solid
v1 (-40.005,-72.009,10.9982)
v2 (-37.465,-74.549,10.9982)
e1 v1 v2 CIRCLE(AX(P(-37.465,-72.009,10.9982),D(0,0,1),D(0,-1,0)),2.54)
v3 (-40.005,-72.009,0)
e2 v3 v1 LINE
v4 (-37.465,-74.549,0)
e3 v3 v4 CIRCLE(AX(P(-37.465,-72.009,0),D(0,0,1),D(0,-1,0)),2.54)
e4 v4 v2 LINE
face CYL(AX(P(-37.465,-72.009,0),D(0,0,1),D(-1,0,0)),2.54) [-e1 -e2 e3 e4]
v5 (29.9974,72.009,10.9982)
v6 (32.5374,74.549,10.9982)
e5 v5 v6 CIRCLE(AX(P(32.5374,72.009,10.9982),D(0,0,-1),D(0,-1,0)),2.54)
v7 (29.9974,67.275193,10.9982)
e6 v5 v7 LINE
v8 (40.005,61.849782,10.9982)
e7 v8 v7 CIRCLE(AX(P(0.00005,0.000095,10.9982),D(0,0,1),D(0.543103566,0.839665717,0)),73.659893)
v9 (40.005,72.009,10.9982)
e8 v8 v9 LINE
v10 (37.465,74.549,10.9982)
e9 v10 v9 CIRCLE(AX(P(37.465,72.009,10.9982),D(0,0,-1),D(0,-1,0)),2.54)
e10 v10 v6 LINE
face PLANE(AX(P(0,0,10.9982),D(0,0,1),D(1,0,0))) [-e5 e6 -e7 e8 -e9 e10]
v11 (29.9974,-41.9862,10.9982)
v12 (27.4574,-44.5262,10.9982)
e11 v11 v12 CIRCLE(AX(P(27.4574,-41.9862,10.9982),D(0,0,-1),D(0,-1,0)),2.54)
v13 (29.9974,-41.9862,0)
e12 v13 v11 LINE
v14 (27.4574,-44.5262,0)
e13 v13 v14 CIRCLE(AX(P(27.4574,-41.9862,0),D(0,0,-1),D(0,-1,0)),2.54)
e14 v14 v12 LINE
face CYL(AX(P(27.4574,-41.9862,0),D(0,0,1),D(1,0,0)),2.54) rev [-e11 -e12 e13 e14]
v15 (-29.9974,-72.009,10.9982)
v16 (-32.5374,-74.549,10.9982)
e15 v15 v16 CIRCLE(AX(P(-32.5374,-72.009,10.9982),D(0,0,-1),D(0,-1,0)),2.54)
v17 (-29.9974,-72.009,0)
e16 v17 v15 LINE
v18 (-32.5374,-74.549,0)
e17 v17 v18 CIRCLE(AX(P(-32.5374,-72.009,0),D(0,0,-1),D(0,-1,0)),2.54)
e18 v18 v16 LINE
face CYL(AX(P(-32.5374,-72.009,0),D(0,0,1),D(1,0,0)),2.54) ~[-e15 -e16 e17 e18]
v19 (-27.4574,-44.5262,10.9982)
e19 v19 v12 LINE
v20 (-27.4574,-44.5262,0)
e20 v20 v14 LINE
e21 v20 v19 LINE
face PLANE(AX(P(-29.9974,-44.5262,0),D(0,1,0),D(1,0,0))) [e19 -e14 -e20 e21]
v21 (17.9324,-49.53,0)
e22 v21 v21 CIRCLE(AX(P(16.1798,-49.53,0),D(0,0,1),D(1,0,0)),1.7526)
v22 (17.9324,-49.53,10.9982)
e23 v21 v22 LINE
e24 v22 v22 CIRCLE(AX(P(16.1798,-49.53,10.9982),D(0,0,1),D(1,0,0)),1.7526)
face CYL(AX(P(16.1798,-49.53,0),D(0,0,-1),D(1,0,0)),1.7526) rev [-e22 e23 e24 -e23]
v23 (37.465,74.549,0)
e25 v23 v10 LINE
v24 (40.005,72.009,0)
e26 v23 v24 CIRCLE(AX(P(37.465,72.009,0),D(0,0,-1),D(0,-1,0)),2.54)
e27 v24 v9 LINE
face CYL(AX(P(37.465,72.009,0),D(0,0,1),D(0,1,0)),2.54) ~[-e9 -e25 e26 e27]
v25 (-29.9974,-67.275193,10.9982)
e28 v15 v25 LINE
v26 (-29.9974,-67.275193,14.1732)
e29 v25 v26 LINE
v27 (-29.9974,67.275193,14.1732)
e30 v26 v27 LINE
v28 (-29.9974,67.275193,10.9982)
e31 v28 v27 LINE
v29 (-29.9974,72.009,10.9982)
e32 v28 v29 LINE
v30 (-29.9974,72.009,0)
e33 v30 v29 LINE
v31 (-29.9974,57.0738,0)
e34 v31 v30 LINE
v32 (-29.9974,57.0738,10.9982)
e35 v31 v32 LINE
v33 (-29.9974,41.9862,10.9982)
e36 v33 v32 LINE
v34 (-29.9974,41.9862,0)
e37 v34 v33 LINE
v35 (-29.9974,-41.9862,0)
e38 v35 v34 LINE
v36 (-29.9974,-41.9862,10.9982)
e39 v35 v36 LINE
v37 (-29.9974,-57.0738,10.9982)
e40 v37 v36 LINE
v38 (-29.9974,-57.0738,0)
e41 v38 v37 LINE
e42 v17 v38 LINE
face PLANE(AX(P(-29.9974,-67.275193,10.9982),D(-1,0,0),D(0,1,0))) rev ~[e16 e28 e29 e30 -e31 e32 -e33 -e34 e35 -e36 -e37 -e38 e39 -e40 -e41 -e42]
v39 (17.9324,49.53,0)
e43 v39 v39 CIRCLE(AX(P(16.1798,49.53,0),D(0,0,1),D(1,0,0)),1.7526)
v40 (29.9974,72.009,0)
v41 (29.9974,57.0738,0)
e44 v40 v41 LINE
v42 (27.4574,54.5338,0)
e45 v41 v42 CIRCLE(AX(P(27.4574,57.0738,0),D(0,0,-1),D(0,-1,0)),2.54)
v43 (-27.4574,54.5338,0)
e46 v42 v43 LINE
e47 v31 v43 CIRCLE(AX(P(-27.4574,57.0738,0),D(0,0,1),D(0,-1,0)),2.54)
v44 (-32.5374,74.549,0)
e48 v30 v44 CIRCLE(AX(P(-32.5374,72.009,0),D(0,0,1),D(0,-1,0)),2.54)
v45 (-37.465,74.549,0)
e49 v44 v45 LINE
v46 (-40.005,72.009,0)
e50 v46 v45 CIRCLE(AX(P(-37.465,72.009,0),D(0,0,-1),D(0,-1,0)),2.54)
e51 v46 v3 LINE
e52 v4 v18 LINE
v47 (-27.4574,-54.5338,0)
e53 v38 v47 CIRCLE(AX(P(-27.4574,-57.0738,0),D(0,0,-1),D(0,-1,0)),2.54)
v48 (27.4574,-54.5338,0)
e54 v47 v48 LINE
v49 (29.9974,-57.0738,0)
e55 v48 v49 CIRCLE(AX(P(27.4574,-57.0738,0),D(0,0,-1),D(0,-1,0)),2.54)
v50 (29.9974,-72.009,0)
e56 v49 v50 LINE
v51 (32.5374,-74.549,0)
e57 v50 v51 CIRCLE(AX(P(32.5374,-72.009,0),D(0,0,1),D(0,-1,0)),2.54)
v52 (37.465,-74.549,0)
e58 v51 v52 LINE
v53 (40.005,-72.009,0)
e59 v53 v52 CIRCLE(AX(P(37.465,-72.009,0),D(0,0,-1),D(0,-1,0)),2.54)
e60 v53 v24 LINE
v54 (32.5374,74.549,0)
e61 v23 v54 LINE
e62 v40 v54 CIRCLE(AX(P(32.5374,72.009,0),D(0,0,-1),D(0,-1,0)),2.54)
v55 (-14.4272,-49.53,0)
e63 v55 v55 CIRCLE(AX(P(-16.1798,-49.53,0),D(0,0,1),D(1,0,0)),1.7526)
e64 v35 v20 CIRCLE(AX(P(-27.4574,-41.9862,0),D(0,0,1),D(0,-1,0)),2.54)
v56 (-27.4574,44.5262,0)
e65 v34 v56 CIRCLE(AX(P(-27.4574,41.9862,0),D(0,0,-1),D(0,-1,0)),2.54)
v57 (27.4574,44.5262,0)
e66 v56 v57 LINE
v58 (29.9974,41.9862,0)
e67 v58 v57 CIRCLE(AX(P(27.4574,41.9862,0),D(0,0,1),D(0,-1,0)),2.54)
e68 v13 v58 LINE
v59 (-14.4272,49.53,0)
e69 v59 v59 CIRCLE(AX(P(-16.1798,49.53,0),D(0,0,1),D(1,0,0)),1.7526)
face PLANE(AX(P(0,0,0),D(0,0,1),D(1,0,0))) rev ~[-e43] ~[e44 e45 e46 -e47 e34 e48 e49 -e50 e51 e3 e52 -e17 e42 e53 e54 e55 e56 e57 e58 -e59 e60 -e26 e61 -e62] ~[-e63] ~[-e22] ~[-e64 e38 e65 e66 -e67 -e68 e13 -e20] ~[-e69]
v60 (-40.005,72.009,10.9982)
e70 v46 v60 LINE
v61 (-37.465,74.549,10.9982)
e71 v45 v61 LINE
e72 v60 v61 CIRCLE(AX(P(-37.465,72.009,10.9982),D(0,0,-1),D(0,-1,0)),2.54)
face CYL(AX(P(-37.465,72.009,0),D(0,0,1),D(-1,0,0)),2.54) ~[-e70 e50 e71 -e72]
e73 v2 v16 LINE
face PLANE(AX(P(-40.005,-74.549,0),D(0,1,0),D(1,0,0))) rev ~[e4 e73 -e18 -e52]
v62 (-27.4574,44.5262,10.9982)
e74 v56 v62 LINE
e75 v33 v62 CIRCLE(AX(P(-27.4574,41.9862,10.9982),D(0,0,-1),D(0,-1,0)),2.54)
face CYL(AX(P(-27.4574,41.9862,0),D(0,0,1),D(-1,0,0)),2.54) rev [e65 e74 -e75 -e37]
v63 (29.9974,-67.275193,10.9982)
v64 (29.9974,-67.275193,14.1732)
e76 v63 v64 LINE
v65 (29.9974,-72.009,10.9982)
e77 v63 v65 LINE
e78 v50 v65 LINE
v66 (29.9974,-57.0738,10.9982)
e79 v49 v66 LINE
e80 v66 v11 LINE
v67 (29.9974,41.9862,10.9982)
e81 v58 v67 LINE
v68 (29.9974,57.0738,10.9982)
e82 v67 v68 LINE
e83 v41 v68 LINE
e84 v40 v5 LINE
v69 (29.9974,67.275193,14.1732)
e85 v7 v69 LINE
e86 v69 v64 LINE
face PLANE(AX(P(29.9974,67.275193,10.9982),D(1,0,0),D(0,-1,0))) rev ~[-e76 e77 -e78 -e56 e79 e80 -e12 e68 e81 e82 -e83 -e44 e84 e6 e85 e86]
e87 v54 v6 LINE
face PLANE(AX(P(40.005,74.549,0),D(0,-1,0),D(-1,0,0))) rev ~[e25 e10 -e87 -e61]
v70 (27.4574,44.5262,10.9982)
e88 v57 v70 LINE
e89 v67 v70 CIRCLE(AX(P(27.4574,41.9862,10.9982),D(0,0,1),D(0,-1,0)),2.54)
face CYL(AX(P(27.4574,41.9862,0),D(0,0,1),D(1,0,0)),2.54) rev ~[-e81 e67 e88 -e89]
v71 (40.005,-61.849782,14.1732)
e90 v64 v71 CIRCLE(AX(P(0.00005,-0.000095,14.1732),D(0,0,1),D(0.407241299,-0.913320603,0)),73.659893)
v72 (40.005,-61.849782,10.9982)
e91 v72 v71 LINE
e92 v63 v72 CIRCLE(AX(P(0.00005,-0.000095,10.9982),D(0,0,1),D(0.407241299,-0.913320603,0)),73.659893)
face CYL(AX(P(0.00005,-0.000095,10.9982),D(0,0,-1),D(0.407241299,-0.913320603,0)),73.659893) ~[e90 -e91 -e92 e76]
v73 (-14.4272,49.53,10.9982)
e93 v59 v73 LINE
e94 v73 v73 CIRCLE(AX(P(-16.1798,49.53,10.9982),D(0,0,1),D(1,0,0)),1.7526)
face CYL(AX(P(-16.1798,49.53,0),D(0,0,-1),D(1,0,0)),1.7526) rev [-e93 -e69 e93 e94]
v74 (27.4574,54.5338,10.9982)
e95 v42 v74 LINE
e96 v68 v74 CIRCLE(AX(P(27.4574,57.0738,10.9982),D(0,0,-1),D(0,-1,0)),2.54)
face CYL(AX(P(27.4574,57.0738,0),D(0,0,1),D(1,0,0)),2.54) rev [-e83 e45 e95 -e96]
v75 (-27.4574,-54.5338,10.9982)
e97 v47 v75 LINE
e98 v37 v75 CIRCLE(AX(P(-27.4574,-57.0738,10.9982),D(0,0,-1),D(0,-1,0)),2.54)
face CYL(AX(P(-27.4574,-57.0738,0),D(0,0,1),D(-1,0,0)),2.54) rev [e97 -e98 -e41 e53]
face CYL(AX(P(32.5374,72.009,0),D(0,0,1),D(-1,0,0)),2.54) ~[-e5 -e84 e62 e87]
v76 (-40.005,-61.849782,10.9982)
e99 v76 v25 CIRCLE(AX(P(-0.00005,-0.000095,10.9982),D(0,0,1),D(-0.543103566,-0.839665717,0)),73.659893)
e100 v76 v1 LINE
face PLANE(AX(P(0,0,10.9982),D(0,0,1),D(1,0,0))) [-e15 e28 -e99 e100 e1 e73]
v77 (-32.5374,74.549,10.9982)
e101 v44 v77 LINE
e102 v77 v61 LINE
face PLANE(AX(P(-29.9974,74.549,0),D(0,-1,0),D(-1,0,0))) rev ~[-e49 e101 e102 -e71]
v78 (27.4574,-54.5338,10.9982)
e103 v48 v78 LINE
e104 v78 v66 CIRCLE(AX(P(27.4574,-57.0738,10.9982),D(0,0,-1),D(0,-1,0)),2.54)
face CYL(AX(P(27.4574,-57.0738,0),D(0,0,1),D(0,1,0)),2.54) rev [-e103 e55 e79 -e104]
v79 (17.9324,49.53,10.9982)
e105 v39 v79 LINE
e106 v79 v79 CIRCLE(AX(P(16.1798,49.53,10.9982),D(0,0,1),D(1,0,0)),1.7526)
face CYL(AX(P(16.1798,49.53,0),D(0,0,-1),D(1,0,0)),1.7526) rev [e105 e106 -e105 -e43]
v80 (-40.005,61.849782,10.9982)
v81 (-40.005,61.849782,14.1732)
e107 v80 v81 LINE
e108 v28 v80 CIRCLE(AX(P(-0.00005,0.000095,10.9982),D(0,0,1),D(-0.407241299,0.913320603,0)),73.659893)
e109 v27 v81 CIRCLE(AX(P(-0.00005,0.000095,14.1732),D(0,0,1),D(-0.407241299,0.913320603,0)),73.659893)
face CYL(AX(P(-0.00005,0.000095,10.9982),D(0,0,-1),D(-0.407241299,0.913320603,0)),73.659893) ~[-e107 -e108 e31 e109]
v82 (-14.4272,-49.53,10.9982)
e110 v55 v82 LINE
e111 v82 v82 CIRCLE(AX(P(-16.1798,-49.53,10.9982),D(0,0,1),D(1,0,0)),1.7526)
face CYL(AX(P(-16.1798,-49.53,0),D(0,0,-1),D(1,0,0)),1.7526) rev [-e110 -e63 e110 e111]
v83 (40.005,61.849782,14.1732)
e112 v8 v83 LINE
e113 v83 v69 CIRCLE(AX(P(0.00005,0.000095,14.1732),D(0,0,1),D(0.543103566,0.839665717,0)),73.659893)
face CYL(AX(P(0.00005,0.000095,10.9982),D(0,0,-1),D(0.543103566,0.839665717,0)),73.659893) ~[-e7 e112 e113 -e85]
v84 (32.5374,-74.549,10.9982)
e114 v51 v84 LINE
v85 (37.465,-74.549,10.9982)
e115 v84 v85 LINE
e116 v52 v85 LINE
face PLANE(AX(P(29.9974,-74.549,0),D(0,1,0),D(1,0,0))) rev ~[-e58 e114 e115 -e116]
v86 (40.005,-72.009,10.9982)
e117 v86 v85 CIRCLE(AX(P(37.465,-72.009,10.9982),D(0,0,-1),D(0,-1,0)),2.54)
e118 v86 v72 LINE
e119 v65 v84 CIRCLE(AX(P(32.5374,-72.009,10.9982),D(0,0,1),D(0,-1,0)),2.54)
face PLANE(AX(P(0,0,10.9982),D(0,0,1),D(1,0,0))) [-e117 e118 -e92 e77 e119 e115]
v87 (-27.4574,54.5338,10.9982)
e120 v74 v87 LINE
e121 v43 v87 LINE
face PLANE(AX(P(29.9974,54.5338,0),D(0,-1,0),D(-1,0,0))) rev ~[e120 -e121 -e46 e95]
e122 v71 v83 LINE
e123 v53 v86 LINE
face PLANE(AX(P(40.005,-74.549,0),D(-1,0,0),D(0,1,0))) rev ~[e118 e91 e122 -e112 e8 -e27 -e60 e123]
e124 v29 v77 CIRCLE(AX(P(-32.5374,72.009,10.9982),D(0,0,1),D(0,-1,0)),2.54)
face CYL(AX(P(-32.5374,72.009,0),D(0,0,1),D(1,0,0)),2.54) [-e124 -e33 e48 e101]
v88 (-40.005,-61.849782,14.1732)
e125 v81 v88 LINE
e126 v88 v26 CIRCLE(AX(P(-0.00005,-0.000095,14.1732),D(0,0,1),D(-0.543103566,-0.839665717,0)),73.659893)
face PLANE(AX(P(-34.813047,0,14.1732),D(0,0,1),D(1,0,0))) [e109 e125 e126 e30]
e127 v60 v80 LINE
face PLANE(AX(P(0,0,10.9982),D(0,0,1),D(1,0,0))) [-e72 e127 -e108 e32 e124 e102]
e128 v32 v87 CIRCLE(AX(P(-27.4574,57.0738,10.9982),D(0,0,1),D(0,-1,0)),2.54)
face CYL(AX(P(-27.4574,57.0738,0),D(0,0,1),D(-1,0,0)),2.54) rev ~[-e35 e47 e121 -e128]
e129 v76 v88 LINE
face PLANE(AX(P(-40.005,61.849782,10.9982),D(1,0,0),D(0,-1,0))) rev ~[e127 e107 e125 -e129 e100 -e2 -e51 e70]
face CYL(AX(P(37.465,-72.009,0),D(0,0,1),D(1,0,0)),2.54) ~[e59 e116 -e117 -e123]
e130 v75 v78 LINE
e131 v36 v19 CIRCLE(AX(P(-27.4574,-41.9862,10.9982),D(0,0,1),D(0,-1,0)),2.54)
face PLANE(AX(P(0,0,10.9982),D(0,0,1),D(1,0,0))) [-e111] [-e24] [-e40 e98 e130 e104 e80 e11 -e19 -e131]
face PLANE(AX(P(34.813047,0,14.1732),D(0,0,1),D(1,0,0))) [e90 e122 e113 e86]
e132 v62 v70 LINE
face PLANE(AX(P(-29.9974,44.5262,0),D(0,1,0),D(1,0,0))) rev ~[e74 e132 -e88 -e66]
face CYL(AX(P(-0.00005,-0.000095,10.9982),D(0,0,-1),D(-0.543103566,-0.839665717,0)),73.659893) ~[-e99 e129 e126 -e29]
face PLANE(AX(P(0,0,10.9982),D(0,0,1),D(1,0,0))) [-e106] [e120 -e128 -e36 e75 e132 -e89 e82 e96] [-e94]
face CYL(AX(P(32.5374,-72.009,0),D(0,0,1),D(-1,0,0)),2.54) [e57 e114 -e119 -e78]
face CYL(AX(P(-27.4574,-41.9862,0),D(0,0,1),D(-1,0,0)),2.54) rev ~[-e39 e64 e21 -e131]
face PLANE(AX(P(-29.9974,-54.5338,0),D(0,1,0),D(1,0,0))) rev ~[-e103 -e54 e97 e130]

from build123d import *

# Parameters (mm, degrees)
F0_R     = 1.7526
F0_W     = 59.9948
F0_H     = 89.0524
F1_DEPTH = 10.9982
F3_DEPTH = 3.175
F4_R     = 2.54


with BuildPart() as f1:
    # F0 (on Top) → F1 (new body)
    with BuildSketch(Plane.XY):
        Polygon((29.9974, 54.5338), (-29.9974, 54.5338), (-29.9974, 74.549), (-40.005, 74.549), (-40.005, 54.5338), (-40.005, -54.5338), (-40.005, -74.549), (-29.9974, -74.549), (-29.9974, -54.5338), (29.9974, -54.5338), (29.9974, -74.549), (40.005, -74.549), (40.005, -54.5338), (40.005, 54.5338), (40.005, 74.549), (29.9974, 74.549), align=None)
        with Locations((-16.1798, -49.53)):
            Circle(F0_R, mode=Mode.SUBTRACT)
        with Locations((16.1798, -49.53)):
            Circle(F0_R, mode=Mode.SUBTRACT)
        with Locations((-16.1798, 49.53)):
            Circle(F0_R, mode=Mode.SUBTRACT)
        Rectangle(F0_W, F0_H, mode=Mode.SUBTRACT)
        with Locations((16.1798, 49.53)):
            Circle(F0_R, mode=Mode.SUBTRACT)
    extrude(amount=F1_DEPTH)

    # F2 (on face) → F3 (join)
    with BuildSketch(Plane.XY.offset(10.9982)):
        with BuildLine():
            ThreePointArc((-29.9974, 67.275193), (-35.106164, 64.756103), (-40.005, 61.849782))
            Line((-40.005, 61.849782), (-40.005, -61.849782))
            ThreePointArc((-40.005, -61.849782), (-35.106164, -64.756103), (-29.9974, -67.275193))
            Line((-29.9974, -67.275193), (-29.9974, -54.5338))
            Line((-29.9974, -54.5338), (-29.9974, -44.5262))
            Line((-29.9974, -44.5262), (-29.9974, 44.5262))
            Line((-29.9974, 44.5262), (-29.9974, 54.5338))
            Line((-29.9974, 54.5338), (-29.9974, 67.275193))
        make_face()
        with BuildLine():
            Line((29.9974, 67.275193), (29.9974, 54.5338))
            Line((29.9974, 54.5338), (29.9974, 44.5262))
            Line((29.9974, 44.5262), (29.9974, -44.5262))
            Line((29.9974, -44.5262), (29.9974, -54.5338))
            Line((29.9974, -54.5338), (29.9974, -67.275193))
            ThreePointArc((29.9974, -67.275193), (35.106164, -64.756103), (40.005, -61.849782))
            Line((40.005, -61.849782), (40.005, 61.849782))
            ThreePointArc((40.005, 61.849782), (35.106164, 64.756103), (29.9974, 67.275193))
        make_face()
    extrude(amount=F3_DEPTH)

    # F4
    f4_edges = [f1.edges().sort_by_distance(p)[0] for p in [
        (29.9974, 44.5262, 5.4991),
        (-29.9974, 44.5262, 5.4991),
        (29.9974, 54.5338, 5.4991),
        (-29.9974, 54.5338, 5.4991),
        (-29.9974, 74.549, 5.4991),
        (-40.005, 74.549, 5.4991),
        (29.9974, 74.549, 5.4991),
        (40.005, 74.549, 5.4991),
        (29.9974, -74.549, 5.4991),
        (40.005, -74.549, 5.4991),
        (-29.9974, -74.549, 5.4991),
        (-40.005, -74.549, 5.4991),
        (-29.9974, -54.5338, 5.4991),
        (29.9974, -54.5338, 5.4991),
        (29.9974, -44.5262, 5.4991),
        (-29.9974, -44.5262, 5.4991),
    ]]
    fillet(f4_edges, radius=F4_R)


solid = f1.part
